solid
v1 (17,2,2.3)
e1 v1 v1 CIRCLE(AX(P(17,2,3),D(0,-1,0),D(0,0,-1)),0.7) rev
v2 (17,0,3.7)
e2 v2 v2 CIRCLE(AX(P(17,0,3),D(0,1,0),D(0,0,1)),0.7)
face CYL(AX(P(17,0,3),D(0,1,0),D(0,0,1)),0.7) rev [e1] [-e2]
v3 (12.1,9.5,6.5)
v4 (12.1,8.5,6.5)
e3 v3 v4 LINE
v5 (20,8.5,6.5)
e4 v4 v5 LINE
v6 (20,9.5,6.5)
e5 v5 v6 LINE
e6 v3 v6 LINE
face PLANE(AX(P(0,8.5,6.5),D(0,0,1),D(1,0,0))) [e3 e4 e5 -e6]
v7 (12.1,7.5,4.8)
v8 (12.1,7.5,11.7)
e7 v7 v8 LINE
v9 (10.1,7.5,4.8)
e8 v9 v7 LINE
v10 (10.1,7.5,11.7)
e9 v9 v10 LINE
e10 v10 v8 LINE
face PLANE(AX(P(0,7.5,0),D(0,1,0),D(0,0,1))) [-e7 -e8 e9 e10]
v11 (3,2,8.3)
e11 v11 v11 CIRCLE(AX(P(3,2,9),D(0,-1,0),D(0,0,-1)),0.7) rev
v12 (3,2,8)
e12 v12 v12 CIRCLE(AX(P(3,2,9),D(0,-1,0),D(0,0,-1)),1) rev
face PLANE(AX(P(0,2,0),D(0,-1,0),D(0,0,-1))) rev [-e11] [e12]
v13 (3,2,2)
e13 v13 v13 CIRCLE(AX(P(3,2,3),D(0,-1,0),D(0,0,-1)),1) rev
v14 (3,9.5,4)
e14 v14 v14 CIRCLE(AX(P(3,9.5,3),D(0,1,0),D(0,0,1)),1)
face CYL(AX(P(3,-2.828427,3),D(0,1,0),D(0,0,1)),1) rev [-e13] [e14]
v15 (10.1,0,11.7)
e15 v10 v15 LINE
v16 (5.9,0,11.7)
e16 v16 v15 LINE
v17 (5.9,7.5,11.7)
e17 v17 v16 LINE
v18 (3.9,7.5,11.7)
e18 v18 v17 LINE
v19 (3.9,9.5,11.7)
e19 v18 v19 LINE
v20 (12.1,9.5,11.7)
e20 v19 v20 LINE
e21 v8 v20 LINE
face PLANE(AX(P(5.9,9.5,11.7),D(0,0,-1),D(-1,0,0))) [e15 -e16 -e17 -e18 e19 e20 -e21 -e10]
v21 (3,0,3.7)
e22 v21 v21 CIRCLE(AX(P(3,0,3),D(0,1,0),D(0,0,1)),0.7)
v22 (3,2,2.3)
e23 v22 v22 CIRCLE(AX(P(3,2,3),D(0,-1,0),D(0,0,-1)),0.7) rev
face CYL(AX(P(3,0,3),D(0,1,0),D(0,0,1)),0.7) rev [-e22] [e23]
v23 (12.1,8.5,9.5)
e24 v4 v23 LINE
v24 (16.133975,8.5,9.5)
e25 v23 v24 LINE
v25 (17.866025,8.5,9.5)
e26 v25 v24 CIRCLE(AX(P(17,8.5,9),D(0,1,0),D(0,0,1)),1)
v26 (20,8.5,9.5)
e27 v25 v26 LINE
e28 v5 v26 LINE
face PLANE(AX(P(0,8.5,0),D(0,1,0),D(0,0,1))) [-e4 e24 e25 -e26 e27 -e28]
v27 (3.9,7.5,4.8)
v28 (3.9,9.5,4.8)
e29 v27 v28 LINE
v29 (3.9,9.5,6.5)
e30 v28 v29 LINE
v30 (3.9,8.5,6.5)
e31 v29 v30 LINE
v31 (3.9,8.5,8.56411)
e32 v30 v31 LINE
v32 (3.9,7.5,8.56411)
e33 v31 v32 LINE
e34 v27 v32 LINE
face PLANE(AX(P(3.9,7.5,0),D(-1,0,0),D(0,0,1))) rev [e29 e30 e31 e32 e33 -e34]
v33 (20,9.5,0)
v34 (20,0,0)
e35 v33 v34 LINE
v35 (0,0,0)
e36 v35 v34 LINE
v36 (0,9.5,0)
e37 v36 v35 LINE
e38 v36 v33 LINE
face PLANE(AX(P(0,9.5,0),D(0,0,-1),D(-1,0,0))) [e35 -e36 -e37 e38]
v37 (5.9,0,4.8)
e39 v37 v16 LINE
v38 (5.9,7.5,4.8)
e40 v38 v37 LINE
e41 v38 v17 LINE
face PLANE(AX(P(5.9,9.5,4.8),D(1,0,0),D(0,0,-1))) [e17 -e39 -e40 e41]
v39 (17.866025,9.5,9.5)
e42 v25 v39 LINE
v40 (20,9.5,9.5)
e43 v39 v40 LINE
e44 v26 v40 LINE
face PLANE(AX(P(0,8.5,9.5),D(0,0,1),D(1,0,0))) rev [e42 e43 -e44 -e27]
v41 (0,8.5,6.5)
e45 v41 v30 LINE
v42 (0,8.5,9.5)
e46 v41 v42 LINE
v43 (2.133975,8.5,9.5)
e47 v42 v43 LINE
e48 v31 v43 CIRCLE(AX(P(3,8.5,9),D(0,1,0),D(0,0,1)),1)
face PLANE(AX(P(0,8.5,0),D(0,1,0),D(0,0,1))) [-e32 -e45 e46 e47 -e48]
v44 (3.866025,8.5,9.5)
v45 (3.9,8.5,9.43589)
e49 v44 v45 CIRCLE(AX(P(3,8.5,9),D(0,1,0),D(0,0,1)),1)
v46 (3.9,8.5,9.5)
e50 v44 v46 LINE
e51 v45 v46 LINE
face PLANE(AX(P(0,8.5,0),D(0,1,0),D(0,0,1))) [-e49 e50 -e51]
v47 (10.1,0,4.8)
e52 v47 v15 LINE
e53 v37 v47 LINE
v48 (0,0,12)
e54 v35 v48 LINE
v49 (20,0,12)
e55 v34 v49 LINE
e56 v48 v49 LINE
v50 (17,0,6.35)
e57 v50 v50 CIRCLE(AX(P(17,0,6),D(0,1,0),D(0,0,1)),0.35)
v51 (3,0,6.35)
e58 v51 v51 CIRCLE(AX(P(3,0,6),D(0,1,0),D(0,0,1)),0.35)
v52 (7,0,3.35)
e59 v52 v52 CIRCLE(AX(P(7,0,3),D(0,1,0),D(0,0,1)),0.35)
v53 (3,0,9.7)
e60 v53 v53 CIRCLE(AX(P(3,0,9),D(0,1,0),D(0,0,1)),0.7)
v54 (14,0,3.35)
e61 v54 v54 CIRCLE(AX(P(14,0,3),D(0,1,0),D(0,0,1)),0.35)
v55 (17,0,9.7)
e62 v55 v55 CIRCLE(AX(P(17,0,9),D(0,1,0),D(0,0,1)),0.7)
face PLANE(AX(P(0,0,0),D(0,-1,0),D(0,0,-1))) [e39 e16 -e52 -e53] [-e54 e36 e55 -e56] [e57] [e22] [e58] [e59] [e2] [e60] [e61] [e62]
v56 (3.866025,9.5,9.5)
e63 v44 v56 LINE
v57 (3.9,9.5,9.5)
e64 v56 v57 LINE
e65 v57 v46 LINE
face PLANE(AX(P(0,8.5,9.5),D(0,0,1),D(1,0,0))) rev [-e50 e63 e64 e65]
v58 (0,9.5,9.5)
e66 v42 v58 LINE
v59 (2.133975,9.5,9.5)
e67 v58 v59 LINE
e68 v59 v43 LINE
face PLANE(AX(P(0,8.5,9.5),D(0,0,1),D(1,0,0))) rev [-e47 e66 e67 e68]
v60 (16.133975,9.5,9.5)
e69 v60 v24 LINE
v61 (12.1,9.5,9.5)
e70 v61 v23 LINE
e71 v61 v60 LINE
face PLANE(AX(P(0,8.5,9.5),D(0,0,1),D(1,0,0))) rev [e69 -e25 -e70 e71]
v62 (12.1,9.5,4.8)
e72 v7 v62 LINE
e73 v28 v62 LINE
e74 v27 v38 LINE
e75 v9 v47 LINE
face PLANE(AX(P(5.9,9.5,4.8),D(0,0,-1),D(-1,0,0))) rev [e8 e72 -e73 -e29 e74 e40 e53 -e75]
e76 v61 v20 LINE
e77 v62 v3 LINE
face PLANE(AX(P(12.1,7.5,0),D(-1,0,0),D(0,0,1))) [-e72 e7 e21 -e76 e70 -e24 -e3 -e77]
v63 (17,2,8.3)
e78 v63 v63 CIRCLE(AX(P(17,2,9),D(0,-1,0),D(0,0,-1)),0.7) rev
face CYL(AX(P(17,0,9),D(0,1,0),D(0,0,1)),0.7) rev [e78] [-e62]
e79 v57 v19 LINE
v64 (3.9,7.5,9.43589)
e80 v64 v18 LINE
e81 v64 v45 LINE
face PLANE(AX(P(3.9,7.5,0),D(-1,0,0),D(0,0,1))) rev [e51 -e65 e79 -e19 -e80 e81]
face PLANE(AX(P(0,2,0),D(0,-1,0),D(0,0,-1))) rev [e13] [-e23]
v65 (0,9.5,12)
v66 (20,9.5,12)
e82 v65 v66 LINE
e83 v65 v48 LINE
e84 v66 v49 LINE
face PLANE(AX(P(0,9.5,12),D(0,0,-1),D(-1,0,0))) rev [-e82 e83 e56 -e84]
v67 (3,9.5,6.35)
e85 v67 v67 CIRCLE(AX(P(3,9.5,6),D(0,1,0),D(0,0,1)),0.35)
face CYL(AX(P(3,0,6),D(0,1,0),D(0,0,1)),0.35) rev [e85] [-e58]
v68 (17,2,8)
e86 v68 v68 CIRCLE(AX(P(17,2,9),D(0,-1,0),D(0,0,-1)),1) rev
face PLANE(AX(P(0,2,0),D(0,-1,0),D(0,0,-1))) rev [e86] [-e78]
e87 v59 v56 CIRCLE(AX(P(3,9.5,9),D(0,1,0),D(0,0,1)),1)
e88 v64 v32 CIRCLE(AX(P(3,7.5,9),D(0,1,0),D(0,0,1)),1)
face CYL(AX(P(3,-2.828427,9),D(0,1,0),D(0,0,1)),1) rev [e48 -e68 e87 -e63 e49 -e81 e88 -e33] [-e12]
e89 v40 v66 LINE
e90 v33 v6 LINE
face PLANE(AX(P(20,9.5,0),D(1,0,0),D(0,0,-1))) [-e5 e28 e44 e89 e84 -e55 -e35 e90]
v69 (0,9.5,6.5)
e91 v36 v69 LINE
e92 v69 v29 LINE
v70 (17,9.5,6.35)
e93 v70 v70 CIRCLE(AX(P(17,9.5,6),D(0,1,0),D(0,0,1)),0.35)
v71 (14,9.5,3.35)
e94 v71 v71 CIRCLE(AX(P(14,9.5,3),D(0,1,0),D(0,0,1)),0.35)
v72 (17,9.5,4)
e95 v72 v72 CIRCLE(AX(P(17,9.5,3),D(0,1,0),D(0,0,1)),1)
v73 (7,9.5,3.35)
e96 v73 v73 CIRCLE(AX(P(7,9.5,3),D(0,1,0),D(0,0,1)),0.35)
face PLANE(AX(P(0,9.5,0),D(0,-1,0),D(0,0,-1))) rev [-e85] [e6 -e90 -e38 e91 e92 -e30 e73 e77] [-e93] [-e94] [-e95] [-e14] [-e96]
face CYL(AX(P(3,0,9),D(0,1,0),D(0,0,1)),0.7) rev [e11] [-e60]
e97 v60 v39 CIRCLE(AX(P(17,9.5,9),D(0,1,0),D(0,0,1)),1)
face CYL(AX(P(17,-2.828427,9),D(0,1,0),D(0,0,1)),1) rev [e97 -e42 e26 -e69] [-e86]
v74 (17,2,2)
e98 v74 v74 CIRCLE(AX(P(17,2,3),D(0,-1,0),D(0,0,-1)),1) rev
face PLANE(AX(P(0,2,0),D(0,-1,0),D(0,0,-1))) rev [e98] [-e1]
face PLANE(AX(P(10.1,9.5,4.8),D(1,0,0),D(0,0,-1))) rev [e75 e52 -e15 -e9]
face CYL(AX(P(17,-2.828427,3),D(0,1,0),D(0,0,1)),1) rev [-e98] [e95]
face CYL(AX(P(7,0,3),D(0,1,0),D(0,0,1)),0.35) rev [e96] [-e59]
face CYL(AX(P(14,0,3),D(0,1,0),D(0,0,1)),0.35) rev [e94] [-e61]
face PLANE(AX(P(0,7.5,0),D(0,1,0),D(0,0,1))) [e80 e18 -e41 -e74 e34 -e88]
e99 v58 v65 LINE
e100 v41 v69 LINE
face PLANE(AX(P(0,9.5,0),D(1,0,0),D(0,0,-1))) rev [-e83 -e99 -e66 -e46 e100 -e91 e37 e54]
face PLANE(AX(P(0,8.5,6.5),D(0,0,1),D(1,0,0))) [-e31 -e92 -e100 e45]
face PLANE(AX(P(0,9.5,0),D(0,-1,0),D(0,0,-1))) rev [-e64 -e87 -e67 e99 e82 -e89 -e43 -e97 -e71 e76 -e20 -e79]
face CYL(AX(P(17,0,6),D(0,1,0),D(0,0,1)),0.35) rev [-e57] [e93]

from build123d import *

# Parameters (mm, degrees)
SKETCH_1_W          = 20
SKETCH_1_H          = 12
SKETCH_1_W_2        = 4.2
SKETCH_1_H_2        = 6.9
EXTRUDE_1_DEPTH     = 9.5
CUT_EXTRUDE_START   = 9.5
SKETCH_1_4_W        = 20
SKETCH_1_4_H        = 3
CUT_EXTRUDE_2_DEPTH = 1
SKETCH_1_6_W        = 8.2
SKETCH_1_6_H        = 6.9
CUT_EXTRUDE_4_DEPTH = 2
SKETCH_2_R          = 0.7
SKETCH_2_R_2        = 0.35
CUT_EXTRUDE_5_DEPTH = 26.184320519
SKETCH_2_3_R        = 1
CUT_EXTRUDE_6_DEPTH = 7.5


with BuildPart() as part:
    # 草图1 → 凸台-拉伸1 (new body)
    with BuildSketch(Plane(origin=(0, 0, 0), x_dir=(1, 0, 0), z_dir=(0, 1, 0))):
        with Locations((10, -6)):
            Rectangle(SKETCH_1_W, SKETCH_1_H)
        with Locations((8, -8.25)):
            Rectangle(SKETCH_1_W_2, SKETCH_1_H_2, mode=Mode.SUBTRACT)
    extrude(amount=EXTRUDE_1_DEPTH)

    # 草图1<4> → 切除-拉伸2 (cut)
    with BuildSketch(Plane(origin=(0, 0, 0), x_dir=(1, 0, 0), z_dir=(0, 1, 0)).offset(CUT_EXTRUDE_START)):
        with Locations((10, -8)):
            Rectangle(SKETCH_1_4_W, SKETCH_1_4_H)
    extrude(amount=-CUT_EXTRUDE_2_DEPTH, mode=Mode.SUBTRACT)

    # 草图1<6> → 切除-拉伸4 (cut)
    with BuildSketch(Plane(origin=(0, 0, 0), x_dir=(1, 0, 0), z_dir=(0, 1, 0)).offset(CUT_EXTRUDE_START)):
        with Locations((8, -8.25)):
            Rectangle(SKETCH_1_6_W, SKETCH_1_6_H)
    extrude(amount=-CUT_EXTRUDE_4_DEPTH, mode=Mode.SUBTRACT)

    # 草图2 → 切除-拉伸5 (cut, through all)
    with BuildSketch(Plane(origin=(0, 9.5, 0), x_dir=(1, 0, 0), z_dir=(0, 1, 0))):
        with Locations(Location((3, -3, 0), (0, 0, 270))):
            Circle(SKETCH_2_R)
        with Locations(Location((3, -9, 0), (0, 0, 270))):
            Circle(SKETCH_2_R)
        with Locations(Location((17, -3, 0), (0, 0, 270))):
            Circle(SKETCH_2_R)
        with Locations(Location((17, -9, 0), (0, 0, 270))):
            Circle(SKETCH_2_R)
        with Locations(Location((7, -3, 0), (0, 0, 270))):
            Circle(SKETCH_2_R_2)
        with Locations(Location((14, -3, 0), (0, 0, 270))):
            Circle(SKETCH_2_R_2)
        with Locations(Location((3, -6, 0), (0, 0, 270))):
            Circle(SKETCH_2_R_2)
        with Locations(Location((17, -6, 0), (0, 0, 270))):
            Circle(SKETCH_2_R_2)
    extrude(amount=-CUT_EXTRUDE_5_DEPTH, mode=Mode.SUBTRACT)

    # 草图2<3> → 切除-拉伸6 (cut)
    with BuildSketch(Plane(origin=(0, 9.5, 0), x_dir=(1, 0, 0), z_dir=(0, 1, 0))):
        with Locations(Location((3, -3, 0), (0, 0, 270))):
            Circle(SKETCH_2_3_R)
        with Locations(Location((3, -9, 0), (0, 0, 330))):
            Circle(SKETCH_2_3_R)
        with Locations(Location((17, -3, 0), (0, 0, 270))):
            Circle(SKETCH_2_3_R)
        with Locations(Location((17, -9, 0), (0, 0, 330))):
            Circle(SKETCH_2_3_R)
    extrude(amount=-CUT_EXTRUDE_6_DEPTH, mode=Mode.SUBTRACT)


solid = part.part
